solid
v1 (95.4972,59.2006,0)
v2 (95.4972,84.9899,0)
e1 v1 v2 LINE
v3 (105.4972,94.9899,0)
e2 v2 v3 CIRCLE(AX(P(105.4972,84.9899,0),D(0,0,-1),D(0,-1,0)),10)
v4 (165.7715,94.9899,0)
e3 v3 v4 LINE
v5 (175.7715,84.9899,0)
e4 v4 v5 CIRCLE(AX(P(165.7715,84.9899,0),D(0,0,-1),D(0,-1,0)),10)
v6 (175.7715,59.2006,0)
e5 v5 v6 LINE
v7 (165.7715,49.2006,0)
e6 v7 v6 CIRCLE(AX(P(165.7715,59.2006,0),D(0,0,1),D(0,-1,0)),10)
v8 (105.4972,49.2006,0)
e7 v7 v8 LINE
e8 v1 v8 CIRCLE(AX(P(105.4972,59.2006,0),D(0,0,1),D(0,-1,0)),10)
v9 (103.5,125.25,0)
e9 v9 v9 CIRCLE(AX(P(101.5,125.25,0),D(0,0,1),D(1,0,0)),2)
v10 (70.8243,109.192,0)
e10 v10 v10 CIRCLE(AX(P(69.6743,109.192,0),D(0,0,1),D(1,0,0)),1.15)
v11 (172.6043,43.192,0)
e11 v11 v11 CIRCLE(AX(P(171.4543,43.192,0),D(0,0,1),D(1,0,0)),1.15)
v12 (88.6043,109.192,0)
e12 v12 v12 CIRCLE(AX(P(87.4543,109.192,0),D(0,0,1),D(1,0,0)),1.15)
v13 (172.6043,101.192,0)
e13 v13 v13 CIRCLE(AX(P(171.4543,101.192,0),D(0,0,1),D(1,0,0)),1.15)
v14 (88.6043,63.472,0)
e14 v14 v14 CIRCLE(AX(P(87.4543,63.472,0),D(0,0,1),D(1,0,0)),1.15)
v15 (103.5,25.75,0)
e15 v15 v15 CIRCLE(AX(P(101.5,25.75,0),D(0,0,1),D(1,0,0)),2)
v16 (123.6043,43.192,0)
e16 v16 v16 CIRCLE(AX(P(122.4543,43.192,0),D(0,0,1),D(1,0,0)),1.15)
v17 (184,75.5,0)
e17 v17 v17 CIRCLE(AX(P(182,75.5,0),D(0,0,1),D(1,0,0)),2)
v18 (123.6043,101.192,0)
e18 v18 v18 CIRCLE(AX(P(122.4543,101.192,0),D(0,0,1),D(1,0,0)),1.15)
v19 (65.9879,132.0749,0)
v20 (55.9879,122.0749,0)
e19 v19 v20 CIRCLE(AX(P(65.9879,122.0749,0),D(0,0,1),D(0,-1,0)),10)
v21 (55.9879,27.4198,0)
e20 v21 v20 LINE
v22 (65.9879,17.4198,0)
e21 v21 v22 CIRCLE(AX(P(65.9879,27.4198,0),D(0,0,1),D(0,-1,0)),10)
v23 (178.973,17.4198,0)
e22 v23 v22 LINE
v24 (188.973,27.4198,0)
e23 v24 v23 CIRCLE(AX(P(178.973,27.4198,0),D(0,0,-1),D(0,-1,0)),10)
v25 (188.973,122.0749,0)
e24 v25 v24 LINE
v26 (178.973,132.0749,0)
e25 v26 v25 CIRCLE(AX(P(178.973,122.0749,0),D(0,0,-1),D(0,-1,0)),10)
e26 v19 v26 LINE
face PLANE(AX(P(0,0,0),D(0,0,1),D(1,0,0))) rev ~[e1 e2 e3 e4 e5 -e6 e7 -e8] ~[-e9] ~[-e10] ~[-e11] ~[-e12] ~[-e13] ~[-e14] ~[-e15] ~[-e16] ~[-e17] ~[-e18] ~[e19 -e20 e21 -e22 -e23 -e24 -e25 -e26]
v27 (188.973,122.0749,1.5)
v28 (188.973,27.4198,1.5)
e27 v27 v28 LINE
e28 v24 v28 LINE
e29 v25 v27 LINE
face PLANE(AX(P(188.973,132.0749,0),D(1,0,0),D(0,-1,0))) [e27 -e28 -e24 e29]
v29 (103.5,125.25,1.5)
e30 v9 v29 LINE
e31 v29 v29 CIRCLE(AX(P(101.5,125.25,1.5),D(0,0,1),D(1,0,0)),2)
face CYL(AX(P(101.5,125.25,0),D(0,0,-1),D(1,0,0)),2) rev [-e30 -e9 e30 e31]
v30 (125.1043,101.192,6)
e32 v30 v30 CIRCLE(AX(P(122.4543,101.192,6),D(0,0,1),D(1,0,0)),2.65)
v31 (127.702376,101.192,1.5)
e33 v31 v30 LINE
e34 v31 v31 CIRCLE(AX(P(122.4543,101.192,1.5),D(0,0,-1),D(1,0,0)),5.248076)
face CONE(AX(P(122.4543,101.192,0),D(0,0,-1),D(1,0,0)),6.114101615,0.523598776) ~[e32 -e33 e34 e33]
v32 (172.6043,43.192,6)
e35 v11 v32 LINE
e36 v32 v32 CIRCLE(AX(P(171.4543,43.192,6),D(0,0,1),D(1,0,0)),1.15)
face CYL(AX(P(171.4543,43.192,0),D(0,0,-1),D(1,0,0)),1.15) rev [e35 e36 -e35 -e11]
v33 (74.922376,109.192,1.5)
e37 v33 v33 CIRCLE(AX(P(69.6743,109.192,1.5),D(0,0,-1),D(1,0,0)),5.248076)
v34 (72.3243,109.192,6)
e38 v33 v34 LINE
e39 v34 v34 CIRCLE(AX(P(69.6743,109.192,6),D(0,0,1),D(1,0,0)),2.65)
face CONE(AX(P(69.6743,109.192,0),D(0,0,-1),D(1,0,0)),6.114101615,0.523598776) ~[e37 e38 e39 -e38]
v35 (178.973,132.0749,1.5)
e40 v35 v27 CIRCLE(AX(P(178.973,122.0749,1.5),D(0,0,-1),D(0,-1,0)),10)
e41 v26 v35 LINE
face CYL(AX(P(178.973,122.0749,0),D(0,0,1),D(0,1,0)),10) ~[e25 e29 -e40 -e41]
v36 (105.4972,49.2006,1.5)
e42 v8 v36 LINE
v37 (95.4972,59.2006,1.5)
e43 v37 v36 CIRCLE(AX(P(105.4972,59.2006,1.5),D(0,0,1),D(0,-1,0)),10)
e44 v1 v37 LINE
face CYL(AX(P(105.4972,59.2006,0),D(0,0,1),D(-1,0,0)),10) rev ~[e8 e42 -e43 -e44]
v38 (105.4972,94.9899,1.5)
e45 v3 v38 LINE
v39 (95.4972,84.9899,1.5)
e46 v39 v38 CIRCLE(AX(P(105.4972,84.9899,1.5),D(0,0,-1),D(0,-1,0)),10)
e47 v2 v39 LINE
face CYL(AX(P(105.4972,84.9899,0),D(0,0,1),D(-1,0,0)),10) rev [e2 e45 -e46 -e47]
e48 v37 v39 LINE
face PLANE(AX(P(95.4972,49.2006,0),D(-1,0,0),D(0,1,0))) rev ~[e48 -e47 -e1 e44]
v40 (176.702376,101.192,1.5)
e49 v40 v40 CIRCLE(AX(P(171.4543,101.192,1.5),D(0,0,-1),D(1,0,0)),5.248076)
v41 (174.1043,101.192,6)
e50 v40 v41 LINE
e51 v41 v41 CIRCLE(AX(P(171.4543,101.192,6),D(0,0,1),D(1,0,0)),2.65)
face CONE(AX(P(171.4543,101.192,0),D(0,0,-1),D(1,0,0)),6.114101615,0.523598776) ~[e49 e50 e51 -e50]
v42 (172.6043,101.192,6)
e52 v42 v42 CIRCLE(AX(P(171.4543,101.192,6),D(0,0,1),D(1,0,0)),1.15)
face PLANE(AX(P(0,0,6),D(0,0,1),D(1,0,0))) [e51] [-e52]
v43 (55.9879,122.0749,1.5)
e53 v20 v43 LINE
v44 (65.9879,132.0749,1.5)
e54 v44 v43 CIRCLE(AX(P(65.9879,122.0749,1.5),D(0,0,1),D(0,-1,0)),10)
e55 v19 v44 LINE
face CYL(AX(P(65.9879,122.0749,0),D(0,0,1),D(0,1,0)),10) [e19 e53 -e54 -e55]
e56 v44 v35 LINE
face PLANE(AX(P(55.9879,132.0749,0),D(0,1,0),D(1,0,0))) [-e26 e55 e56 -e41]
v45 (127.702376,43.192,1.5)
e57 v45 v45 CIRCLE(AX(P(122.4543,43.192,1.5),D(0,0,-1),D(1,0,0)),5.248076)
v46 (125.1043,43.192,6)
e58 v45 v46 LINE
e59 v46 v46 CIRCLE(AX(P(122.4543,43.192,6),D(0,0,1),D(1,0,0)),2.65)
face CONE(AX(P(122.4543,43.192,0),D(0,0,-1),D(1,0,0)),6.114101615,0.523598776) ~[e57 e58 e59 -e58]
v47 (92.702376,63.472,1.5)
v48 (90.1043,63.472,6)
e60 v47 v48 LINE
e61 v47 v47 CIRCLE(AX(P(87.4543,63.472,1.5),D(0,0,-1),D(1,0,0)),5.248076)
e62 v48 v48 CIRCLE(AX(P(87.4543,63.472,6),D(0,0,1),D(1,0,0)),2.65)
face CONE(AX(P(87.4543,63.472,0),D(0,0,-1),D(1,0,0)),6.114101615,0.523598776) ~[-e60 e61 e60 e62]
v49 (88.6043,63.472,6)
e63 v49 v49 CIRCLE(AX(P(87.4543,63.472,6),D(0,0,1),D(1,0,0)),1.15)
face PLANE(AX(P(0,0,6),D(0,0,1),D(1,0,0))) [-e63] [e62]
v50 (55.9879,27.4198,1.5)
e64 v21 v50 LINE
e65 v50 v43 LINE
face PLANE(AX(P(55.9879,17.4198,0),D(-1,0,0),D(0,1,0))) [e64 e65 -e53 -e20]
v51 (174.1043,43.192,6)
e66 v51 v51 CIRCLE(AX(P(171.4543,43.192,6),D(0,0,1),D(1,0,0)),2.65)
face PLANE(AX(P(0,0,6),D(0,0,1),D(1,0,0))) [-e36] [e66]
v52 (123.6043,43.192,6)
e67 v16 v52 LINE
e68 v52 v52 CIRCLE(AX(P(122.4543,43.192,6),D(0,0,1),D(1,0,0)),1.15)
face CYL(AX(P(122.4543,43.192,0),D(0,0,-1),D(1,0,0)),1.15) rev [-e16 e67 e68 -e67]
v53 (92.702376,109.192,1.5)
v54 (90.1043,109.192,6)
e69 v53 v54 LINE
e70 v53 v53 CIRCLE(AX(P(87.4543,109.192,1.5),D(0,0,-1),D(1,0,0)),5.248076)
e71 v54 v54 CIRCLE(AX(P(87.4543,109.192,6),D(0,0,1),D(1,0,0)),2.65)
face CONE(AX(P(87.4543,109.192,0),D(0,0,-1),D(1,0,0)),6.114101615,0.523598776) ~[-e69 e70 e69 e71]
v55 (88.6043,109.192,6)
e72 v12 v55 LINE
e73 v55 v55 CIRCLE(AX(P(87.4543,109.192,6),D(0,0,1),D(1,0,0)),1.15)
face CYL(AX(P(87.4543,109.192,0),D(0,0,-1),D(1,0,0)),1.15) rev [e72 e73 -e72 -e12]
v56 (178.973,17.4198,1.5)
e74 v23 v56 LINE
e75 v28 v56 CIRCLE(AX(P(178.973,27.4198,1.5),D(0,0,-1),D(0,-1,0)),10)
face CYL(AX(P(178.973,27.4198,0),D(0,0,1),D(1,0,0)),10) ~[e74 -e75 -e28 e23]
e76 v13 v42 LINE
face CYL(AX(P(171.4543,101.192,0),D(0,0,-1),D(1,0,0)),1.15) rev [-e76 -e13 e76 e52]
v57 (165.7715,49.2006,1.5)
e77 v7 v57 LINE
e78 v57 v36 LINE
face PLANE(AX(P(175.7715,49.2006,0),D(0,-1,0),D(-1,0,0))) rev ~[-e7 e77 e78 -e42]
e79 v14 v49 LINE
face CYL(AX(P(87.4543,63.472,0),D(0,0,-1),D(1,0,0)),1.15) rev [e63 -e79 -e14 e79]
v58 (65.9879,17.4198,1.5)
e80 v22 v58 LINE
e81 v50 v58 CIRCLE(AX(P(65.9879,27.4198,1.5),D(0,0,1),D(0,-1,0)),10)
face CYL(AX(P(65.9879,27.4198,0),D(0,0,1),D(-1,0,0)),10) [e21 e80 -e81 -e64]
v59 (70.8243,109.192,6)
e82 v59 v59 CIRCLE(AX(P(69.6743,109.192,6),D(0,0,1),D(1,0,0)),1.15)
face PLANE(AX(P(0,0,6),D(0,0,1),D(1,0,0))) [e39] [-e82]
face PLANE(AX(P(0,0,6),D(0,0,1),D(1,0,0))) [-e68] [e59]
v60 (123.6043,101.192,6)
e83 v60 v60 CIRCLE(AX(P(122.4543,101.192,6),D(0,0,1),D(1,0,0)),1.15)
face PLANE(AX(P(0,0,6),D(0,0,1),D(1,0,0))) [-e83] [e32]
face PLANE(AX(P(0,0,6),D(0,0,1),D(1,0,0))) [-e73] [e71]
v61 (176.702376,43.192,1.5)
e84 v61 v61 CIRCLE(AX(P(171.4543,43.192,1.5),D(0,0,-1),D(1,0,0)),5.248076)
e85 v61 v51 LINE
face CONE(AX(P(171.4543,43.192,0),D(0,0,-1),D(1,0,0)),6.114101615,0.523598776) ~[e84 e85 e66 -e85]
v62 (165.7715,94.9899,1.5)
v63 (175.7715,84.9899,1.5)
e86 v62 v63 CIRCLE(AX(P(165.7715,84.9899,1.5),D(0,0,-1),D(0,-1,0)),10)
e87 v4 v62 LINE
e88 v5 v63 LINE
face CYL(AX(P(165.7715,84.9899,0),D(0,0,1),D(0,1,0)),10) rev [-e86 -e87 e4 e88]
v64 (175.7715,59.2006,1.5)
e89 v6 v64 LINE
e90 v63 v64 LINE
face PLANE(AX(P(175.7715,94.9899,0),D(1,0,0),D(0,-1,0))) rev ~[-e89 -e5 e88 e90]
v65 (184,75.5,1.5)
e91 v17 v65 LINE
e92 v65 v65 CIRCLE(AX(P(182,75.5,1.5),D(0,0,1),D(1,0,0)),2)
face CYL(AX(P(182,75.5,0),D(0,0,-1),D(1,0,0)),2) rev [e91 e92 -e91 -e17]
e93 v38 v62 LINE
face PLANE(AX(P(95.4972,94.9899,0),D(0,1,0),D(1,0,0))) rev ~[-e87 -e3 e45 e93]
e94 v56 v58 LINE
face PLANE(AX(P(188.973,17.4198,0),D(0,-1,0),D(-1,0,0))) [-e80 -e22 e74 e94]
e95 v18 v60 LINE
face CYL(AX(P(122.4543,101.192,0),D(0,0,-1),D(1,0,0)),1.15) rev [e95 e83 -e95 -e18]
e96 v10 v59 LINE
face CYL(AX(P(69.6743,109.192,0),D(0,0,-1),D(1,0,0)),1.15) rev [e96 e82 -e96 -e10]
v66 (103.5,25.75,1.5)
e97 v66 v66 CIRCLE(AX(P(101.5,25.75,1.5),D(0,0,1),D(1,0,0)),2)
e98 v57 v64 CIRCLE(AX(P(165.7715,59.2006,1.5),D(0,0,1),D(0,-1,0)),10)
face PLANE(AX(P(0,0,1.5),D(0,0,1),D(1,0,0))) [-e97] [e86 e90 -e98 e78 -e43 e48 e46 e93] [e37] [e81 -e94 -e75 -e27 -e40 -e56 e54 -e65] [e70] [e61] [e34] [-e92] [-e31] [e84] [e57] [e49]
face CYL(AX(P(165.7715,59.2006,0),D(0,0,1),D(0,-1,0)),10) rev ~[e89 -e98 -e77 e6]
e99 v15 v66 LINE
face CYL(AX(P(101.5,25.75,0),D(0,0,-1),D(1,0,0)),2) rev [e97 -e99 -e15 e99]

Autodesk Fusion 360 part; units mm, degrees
sketch "Sketch1" plane through (0, 0, 0) normal (0, 0, 1) x (1, 0, 0)
  line L0 (0, 0) -> (203, 0) construction
  line L1 (203, 0) -> (203, 151) construction
  line L2 (203, 151) -> (0, 151) construction
  line L3 (0, 151) -> (0, 0) construction
  line L4 (101.5, 151) -> (101.5, 0) construction
  line L5 (0, 75.5) -> (203, 75.5) construction
  circle A0 centre (25.85, 110.5) radius 2
  circle A1 centre (61.05, 125.25) radius 2
  circle A2 centre (21, 75.5) radius 2
  circle A3 centre (101.5, 125.25) radius 2
  circle A4 centre (141.95, 125.25) radius 2
  circle A5 centre (177.15, 110.5) radius 2
  circle A6 centre (182, 75.5) radius 2
  circle A7 centre (25.85, 40.5) radius 2
  circle A8 centre (101.5, 25.75) radius 2
  circle A9 centre (61.05, 25.75) radius 2
  circle A10 centre (141.95, 25.75) radius 2
  circle A11 centre (177.15, 40.5) radius 2
  line L6 (122.4543, 101.192) -> (171.4543, 101.192) construction
  line L7 (171.4543, 101.192) -> (171.4543, 43.192) construction
  line L8 (171.4543, 43.192) -> (122.4543, 43.192) construction
  line L9 (122.4543, 43.192) -> (122.4543, 101.192) construction
  line L10 (118.9543, 124.692) -> (174.9543, 124.692) construction
  line L11 (174.9543, 124.692) -> (174.9543, 39.692) construction
  line L12 (174.9543, 39.692) -> (118.9543, 39.692) construction
  line L13 (118.9543, 39.692) -> (118.9543, 124.692) construction
  circle A12 centre (122.4543, 101.192) radius 1.15
  circle A13 centre (171.4543, 101.192) radius 1.15
  circle A14 centre (171.4543, 43.192) radius 1.15
  circle A15 centre (122.4543, 43.192) radius 1.15
  circle A16 centre (122.4543, 101.192) radius 2.65
  circle A17 centre (171.4543, 101.192) radius 2.65
  circle A18 centre (171.4543, 43.192) radius 2.65
  circle A19 centre (122.4543, 43.192) radius 2.65
  line L14 (55.9879, 132.0749) -> (188.973, 132.0749)
  line L15 (188.973, 132.0749) -> (188.973, 17.4198)
  line L16 (188.973, 17.4198) -> (55.9879, 17.4198)
  line L17 (55.9879, 17.4198) -> (55.9879, 132.0749)
  line L18 (69.6743, 109.192) -> (87.4543, 109.192) construction
  line L19 (87.4543, 109.192) -> (87.4543, 63.472) construction
  line L20 (87.4543, 63.472) -> (69.6743, 63.472) construction
  line L21 (69.6743, 63.472) -> (69.6743, 109.192) construction
  circle A20 centre (69.6743, 109.192) radius 1.15
  circle A21 centre (69.6743, 109.192) radius 2.65
  circle A22 centre (87.4543, 109.192) radius 2.65
  circle A23 centre (87.4543, 109.192) radius 1.15
  circle A24 centre (69.6743, 63.472) radius 2.65
  circle A25 centre (69.6743, 63.472) radius 1.15
  circle A26 centre (87.4543, 63.472) radius 2.65
  circle A27 centre (87.4543, 63.472) radius 1.15
  line L22 (95.4972, 94.9899) -> (175.7715, 94.9899)
  line L23 (175.7715, 94.9899) -> (175.7715, 49.2006)
  line L24 (175.7715, 49.2006) -> (95.4972, 49.2006)
  line L25 (95.4972, 49.2006) -> (95.4972, 94.9899)
  point P0 (61.05, 125.25)
  point P1 (25.85, 110.5)
  point P2 (177.15, 110.5)
  point P3 (141.95, 125.25)
  point P4 (177.15, 40.5)
  point P5 (141.95, 25.75)
  point P6 (61.05, 25.75)
  point P7 (25.85, 40.5)
  point P8 (101.5, 125.25)
  point P9 (21, 75.5)
  point P10 (182, 75.5)
  point P11 (101.5, 25.75)
  point P12 (61.05, 25.75)
  point P13 (141.95, 25.75)
  point P14 (177.15, 40.5)
  dimension "d1" = 203
  dimension "d2" = 151
  dimension "d3" = 161
  dimension "d4" = 151.3
  dimension "d5" = 80.9
  dimension "d6" = 70
  dimension "d7" = 99.5
  dimension "d8" = 99.5
  dimension "d10" = 4
  dimension "d12" = 4
  dimension "d14" = 4
  dimension "d16" = 4
  dimension "d19" = 49
  dimension "d20" = 58
  dimension "d21" = 56
  dimension "d22" = 85
  dimension "d23" = 3.5
  dimension "d24" = 3.5
  dimension "d25" = 2.3
  dimension "d26" = 2.3
  dimension "d27" = 2.3
  dimension "d28" = 2.3
  dimension "d29" = 1.5
  dimension "d30" = 1.5
  dimension "d31" = 1.5
  dimension "d32" = 1.5
  dimension "d41" = 45.72
  dimension "d42" = 17.78
  dimension "d43" = 2.3
  dimension "d44" = 1.5
  dimension "d47" = 17.78
  dimension "d48" = -45.72
  dimension "d54" = 35
  dimension "d55" = 8
extrude "Extrude2" add sketch "Sketch1" along normal blind 1.5 contours A1 | A4 | A5 | A9 | A10 | A11 | A16 | A17 | A18 | A19 | L14 L15 L16 L17 | A21 | A22 | A24 | A25 | A26
extrude "Extrude3" add sketch "Sketch1" along normal blind 6 contours A16 | A17 | A18 | A19 | A21 | A22 | A26
draft "Draft1" angle 30 neutral plane through (0, 0, 6) pull (0, 0, 1) 7 faces at (120.1931, 102.5738, 3) (171.5204, 103.8412, 3) (171.5204, 45.8412, 3) (125.0912, 43.4559, 3) (71.9356, 110.5738, 3) (89.7156, 110.5738, 3) (90.0912, 63.7359, 3)
fillet "Fillet1" radius 10 8 edges at (55.9879, 17.4198, 0.75) (188.973, 17.4198, 0.75) (188.973, 132.0749, 0.75) (55.9879, 132.0749, 0.75) (95.4972, 94.9899, 0.75) (95.4972, 49.2006, 0.75) (175.7715, 94.9899, 0.75) (175.7715, 49.2006, 0.75)
